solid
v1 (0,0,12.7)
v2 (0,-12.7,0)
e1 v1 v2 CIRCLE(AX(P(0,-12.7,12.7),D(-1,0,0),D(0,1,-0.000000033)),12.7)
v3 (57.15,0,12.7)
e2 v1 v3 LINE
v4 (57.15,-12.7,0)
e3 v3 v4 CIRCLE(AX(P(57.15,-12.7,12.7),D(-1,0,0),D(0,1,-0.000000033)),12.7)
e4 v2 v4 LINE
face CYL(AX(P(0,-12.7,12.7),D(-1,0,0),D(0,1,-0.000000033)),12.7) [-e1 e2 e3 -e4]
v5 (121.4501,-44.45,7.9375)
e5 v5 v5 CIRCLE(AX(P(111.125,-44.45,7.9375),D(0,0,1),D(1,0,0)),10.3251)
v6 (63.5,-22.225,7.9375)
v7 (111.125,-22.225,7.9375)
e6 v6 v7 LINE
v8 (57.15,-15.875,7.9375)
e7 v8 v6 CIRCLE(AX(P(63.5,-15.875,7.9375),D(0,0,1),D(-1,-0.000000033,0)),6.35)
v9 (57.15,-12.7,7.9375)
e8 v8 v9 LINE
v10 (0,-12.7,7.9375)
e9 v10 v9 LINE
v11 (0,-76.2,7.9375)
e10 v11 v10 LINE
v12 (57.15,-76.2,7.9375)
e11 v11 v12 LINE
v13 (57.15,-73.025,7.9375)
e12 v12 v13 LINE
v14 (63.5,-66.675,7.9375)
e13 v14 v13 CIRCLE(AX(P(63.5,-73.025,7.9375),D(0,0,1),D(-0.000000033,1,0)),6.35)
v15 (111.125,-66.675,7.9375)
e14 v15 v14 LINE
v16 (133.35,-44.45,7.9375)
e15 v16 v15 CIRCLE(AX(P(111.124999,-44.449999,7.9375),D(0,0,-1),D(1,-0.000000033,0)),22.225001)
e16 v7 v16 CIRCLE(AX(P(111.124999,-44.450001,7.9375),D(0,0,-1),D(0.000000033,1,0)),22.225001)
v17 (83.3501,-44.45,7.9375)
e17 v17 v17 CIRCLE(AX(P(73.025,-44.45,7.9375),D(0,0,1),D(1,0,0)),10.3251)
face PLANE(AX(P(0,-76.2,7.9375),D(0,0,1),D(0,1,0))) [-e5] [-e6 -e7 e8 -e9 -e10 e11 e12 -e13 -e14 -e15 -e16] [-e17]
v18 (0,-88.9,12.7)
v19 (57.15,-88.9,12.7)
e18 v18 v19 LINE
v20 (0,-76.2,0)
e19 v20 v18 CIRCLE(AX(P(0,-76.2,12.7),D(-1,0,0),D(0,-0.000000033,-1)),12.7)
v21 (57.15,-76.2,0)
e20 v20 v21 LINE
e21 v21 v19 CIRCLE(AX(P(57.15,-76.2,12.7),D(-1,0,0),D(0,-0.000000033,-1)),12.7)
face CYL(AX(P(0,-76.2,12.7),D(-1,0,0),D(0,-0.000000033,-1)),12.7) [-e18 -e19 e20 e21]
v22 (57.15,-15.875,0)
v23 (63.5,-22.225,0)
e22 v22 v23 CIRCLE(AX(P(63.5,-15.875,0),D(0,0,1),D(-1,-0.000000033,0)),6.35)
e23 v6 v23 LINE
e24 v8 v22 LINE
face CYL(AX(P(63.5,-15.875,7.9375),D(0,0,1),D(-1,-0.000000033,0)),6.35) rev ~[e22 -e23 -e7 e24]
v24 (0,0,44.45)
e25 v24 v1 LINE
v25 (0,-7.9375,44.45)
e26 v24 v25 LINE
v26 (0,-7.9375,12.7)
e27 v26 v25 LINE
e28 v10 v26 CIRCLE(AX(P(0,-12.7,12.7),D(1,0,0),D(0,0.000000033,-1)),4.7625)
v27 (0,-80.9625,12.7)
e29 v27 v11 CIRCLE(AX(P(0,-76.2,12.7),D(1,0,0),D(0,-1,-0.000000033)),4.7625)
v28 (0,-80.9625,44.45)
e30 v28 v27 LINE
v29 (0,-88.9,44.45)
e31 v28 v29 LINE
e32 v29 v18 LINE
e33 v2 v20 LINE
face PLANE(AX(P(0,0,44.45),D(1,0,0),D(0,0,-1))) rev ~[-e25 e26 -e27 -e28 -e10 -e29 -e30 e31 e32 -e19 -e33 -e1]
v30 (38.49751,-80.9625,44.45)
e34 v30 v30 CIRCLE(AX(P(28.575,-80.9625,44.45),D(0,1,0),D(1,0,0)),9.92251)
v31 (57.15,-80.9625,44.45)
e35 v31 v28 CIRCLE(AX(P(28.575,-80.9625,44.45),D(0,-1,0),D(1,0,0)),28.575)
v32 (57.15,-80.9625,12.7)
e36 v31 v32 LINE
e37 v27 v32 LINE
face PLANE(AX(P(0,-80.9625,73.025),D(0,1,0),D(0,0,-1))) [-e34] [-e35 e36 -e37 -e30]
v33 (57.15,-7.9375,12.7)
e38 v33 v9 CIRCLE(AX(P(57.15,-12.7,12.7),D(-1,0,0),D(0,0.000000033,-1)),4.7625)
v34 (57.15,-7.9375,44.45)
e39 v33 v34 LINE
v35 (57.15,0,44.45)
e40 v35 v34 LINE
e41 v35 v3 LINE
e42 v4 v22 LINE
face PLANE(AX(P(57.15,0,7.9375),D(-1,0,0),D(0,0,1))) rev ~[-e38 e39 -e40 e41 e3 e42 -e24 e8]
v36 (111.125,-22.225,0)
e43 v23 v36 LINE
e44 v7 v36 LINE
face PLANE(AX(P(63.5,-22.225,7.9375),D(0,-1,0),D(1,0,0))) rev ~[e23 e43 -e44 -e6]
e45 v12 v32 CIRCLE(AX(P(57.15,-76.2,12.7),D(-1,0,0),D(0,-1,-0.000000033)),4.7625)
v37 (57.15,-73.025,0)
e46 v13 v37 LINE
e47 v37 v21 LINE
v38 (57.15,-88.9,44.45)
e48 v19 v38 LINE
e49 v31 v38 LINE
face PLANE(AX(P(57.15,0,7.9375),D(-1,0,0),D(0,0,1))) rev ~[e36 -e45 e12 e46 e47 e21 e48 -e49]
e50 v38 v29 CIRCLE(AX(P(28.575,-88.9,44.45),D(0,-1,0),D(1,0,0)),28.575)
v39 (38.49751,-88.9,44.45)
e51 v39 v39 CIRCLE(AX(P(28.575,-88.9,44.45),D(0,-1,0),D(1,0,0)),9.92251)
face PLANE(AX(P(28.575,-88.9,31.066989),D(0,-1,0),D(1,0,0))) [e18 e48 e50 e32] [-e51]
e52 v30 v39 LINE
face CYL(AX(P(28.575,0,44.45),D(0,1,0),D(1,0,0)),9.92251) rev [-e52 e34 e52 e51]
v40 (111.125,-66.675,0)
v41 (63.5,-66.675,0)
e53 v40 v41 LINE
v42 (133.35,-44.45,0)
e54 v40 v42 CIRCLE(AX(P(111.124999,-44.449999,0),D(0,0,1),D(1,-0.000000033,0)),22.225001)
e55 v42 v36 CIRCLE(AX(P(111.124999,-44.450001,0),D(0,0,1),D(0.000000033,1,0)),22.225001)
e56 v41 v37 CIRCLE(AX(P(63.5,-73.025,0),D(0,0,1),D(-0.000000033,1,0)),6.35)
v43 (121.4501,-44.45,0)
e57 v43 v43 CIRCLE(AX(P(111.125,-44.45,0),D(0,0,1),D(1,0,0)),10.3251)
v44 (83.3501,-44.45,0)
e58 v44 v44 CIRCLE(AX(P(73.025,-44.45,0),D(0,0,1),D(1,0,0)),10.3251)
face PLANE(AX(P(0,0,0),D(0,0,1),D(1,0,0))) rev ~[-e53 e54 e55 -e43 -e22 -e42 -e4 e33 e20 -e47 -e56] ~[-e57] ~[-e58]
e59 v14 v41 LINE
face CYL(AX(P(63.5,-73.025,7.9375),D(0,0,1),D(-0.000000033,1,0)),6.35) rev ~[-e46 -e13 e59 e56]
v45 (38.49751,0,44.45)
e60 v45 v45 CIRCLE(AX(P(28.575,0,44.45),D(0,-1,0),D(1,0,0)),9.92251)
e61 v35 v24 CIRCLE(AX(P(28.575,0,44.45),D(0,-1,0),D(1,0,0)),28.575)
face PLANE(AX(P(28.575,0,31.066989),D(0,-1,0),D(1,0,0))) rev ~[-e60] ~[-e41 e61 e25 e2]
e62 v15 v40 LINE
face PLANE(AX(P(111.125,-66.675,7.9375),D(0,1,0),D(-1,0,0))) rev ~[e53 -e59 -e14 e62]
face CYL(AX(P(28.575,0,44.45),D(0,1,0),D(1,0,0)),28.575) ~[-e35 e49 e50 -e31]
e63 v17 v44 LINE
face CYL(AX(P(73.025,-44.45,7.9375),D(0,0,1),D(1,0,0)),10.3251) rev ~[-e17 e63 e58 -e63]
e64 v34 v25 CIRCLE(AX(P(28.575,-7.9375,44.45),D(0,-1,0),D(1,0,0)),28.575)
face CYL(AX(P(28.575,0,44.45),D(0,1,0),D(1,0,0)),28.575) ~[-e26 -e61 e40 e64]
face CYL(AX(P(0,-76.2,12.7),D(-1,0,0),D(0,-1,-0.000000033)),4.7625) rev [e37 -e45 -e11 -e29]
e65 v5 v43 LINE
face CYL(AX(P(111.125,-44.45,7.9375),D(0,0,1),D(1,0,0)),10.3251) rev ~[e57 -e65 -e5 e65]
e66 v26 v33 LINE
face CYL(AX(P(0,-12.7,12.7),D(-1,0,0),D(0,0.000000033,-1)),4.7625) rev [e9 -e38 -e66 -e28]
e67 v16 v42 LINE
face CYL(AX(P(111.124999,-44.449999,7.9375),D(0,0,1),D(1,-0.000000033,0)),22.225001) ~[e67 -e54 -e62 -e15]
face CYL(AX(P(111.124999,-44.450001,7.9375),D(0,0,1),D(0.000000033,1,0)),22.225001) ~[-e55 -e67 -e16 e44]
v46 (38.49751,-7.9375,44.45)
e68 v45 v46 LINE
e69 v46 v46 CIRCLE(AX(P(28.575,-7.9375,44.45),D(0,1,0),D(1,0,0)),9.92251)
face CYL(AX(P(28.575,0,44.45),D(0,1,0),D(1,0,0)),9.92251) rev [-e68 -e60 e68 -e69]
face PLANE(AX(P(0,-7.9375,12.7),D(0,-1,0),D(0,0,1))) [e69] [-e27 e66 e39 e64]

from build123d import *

# Parameters (mm, degrees)
F0_R     = 9.92251
F0_W     = 76.2
F0_H     = 7.9375
F1_DEPTH = 88.9
F2_R     = 10.3251
F3_DEPTH = 7.9385
F5_DEPTH = 133.351


with BuildPart() as f1:
    # F0 (on Front) → F1 (new body)
    with BuildSketch(Plane.XZ):
        with BuildLine():
            Line((0, 44.45), (0, 0))
            Line((0, 0), (57.15, 0))
            Line((57.15, 0), (57.15, 7.9375))
            Line((57.15, 7.9375), (57.15, 44.45))
            ThreePointArc((57.15, 44.45), (28.575, 73.025), (0, 44.45))
        make_face()
        with Locations((28.575, 44.45)):
            Circle(F0_R, mode=Mode.SUBTRACT)
        with Locations((95.25, 3.96875)):
            Rectangle(F0_W, F0_H)
    extrude(amount=F1_DEPTH)

    # F2 (on face) → F3 (cut, through all)
    with BuildSketch(Plane.XY.offset(7.9375)):
        with Locations((73.025, -44.45)):
            Circle(F2_R)
        with Locations((111.125, -44.45)):
            Circle(F2_R)
        with BuildLine():
            Line((133.35, 0), (57.15, 0))
            Line((57.15, 0), (57.15, -15.875))
            ThreePointArc((57.15, -15.875), (59.009872, -20.365128), (63.5, -22.225))
            Line((63.5, -22.225), (111.125, -22.225))
            ThreePointArc((111.125, -22.225), (126.840448, -28.734552), (133.35, -44.45))
            Line((133.35, -44.45), (133.35, 0))
        make_face()
        with BuildLine():
            Line((133.35, -88.9), (133.35, -44.45))
            ThreePointArc((133.35, -44.45), (126.840448, -60.165448), (111.125, -66.675))
            Line((111.125, -66.675), (63.5, -66.675))
            ThreePointArc((63.5, -66.675), (59.009872, -68.534872), (57.15, -73.025))
            Line((57.15, -73.025), (57.15, -88.9))
            Line((57.15, -88.9), (133.35, -88.9))
        make_face()
    extrude(amount=-F3_DEPTH, mode=Mode.SUBTRACT)

    # F4 (on Right) → F5 (cut, through all)
    with BuildSketch(Plane.YZ):
        with BuildLine():
            Line((-7.9375, 73.025), (-80.9625, 73.025))
            Line((-80.9625, 73.025), (-80.9625, 12.7))
            ThreePointArc((-80.9625, 12.7), (-79.567596, 9.332404), (-76.2, 7.9375))
            Line((-76.2, 7.9375), (-12.7, 7.9375))
            ThreePointArc((-12.7, 7.9375), (-9.332404, 9.332404), (-7.9375, 12.7))
            Line((-7.9375, 12.7), (-7.9375, 73.025))
        make_face()
        with BuildLine():
            ThreePointArc((-76.2, 0), (-85.180256, 3.719744), (-88.9, 12.7))
            Line((-88.9, 12.7), (-88.9, 0))
            Line((-88.9, 0), (-76.2, 0))
        make_face()
        with BuildLine():
            Line((-12.7, 0), (0, 0))
            Line((0, 0), (0, 12.7))
            ThreePointArc((0, 12.7), (-3.719744, 3.719744), (-12.7, 0))
        make_face()
    extrude(amount=F5_DEPTH, mode=Mode.SUBTRACT)


solid = f1.part
